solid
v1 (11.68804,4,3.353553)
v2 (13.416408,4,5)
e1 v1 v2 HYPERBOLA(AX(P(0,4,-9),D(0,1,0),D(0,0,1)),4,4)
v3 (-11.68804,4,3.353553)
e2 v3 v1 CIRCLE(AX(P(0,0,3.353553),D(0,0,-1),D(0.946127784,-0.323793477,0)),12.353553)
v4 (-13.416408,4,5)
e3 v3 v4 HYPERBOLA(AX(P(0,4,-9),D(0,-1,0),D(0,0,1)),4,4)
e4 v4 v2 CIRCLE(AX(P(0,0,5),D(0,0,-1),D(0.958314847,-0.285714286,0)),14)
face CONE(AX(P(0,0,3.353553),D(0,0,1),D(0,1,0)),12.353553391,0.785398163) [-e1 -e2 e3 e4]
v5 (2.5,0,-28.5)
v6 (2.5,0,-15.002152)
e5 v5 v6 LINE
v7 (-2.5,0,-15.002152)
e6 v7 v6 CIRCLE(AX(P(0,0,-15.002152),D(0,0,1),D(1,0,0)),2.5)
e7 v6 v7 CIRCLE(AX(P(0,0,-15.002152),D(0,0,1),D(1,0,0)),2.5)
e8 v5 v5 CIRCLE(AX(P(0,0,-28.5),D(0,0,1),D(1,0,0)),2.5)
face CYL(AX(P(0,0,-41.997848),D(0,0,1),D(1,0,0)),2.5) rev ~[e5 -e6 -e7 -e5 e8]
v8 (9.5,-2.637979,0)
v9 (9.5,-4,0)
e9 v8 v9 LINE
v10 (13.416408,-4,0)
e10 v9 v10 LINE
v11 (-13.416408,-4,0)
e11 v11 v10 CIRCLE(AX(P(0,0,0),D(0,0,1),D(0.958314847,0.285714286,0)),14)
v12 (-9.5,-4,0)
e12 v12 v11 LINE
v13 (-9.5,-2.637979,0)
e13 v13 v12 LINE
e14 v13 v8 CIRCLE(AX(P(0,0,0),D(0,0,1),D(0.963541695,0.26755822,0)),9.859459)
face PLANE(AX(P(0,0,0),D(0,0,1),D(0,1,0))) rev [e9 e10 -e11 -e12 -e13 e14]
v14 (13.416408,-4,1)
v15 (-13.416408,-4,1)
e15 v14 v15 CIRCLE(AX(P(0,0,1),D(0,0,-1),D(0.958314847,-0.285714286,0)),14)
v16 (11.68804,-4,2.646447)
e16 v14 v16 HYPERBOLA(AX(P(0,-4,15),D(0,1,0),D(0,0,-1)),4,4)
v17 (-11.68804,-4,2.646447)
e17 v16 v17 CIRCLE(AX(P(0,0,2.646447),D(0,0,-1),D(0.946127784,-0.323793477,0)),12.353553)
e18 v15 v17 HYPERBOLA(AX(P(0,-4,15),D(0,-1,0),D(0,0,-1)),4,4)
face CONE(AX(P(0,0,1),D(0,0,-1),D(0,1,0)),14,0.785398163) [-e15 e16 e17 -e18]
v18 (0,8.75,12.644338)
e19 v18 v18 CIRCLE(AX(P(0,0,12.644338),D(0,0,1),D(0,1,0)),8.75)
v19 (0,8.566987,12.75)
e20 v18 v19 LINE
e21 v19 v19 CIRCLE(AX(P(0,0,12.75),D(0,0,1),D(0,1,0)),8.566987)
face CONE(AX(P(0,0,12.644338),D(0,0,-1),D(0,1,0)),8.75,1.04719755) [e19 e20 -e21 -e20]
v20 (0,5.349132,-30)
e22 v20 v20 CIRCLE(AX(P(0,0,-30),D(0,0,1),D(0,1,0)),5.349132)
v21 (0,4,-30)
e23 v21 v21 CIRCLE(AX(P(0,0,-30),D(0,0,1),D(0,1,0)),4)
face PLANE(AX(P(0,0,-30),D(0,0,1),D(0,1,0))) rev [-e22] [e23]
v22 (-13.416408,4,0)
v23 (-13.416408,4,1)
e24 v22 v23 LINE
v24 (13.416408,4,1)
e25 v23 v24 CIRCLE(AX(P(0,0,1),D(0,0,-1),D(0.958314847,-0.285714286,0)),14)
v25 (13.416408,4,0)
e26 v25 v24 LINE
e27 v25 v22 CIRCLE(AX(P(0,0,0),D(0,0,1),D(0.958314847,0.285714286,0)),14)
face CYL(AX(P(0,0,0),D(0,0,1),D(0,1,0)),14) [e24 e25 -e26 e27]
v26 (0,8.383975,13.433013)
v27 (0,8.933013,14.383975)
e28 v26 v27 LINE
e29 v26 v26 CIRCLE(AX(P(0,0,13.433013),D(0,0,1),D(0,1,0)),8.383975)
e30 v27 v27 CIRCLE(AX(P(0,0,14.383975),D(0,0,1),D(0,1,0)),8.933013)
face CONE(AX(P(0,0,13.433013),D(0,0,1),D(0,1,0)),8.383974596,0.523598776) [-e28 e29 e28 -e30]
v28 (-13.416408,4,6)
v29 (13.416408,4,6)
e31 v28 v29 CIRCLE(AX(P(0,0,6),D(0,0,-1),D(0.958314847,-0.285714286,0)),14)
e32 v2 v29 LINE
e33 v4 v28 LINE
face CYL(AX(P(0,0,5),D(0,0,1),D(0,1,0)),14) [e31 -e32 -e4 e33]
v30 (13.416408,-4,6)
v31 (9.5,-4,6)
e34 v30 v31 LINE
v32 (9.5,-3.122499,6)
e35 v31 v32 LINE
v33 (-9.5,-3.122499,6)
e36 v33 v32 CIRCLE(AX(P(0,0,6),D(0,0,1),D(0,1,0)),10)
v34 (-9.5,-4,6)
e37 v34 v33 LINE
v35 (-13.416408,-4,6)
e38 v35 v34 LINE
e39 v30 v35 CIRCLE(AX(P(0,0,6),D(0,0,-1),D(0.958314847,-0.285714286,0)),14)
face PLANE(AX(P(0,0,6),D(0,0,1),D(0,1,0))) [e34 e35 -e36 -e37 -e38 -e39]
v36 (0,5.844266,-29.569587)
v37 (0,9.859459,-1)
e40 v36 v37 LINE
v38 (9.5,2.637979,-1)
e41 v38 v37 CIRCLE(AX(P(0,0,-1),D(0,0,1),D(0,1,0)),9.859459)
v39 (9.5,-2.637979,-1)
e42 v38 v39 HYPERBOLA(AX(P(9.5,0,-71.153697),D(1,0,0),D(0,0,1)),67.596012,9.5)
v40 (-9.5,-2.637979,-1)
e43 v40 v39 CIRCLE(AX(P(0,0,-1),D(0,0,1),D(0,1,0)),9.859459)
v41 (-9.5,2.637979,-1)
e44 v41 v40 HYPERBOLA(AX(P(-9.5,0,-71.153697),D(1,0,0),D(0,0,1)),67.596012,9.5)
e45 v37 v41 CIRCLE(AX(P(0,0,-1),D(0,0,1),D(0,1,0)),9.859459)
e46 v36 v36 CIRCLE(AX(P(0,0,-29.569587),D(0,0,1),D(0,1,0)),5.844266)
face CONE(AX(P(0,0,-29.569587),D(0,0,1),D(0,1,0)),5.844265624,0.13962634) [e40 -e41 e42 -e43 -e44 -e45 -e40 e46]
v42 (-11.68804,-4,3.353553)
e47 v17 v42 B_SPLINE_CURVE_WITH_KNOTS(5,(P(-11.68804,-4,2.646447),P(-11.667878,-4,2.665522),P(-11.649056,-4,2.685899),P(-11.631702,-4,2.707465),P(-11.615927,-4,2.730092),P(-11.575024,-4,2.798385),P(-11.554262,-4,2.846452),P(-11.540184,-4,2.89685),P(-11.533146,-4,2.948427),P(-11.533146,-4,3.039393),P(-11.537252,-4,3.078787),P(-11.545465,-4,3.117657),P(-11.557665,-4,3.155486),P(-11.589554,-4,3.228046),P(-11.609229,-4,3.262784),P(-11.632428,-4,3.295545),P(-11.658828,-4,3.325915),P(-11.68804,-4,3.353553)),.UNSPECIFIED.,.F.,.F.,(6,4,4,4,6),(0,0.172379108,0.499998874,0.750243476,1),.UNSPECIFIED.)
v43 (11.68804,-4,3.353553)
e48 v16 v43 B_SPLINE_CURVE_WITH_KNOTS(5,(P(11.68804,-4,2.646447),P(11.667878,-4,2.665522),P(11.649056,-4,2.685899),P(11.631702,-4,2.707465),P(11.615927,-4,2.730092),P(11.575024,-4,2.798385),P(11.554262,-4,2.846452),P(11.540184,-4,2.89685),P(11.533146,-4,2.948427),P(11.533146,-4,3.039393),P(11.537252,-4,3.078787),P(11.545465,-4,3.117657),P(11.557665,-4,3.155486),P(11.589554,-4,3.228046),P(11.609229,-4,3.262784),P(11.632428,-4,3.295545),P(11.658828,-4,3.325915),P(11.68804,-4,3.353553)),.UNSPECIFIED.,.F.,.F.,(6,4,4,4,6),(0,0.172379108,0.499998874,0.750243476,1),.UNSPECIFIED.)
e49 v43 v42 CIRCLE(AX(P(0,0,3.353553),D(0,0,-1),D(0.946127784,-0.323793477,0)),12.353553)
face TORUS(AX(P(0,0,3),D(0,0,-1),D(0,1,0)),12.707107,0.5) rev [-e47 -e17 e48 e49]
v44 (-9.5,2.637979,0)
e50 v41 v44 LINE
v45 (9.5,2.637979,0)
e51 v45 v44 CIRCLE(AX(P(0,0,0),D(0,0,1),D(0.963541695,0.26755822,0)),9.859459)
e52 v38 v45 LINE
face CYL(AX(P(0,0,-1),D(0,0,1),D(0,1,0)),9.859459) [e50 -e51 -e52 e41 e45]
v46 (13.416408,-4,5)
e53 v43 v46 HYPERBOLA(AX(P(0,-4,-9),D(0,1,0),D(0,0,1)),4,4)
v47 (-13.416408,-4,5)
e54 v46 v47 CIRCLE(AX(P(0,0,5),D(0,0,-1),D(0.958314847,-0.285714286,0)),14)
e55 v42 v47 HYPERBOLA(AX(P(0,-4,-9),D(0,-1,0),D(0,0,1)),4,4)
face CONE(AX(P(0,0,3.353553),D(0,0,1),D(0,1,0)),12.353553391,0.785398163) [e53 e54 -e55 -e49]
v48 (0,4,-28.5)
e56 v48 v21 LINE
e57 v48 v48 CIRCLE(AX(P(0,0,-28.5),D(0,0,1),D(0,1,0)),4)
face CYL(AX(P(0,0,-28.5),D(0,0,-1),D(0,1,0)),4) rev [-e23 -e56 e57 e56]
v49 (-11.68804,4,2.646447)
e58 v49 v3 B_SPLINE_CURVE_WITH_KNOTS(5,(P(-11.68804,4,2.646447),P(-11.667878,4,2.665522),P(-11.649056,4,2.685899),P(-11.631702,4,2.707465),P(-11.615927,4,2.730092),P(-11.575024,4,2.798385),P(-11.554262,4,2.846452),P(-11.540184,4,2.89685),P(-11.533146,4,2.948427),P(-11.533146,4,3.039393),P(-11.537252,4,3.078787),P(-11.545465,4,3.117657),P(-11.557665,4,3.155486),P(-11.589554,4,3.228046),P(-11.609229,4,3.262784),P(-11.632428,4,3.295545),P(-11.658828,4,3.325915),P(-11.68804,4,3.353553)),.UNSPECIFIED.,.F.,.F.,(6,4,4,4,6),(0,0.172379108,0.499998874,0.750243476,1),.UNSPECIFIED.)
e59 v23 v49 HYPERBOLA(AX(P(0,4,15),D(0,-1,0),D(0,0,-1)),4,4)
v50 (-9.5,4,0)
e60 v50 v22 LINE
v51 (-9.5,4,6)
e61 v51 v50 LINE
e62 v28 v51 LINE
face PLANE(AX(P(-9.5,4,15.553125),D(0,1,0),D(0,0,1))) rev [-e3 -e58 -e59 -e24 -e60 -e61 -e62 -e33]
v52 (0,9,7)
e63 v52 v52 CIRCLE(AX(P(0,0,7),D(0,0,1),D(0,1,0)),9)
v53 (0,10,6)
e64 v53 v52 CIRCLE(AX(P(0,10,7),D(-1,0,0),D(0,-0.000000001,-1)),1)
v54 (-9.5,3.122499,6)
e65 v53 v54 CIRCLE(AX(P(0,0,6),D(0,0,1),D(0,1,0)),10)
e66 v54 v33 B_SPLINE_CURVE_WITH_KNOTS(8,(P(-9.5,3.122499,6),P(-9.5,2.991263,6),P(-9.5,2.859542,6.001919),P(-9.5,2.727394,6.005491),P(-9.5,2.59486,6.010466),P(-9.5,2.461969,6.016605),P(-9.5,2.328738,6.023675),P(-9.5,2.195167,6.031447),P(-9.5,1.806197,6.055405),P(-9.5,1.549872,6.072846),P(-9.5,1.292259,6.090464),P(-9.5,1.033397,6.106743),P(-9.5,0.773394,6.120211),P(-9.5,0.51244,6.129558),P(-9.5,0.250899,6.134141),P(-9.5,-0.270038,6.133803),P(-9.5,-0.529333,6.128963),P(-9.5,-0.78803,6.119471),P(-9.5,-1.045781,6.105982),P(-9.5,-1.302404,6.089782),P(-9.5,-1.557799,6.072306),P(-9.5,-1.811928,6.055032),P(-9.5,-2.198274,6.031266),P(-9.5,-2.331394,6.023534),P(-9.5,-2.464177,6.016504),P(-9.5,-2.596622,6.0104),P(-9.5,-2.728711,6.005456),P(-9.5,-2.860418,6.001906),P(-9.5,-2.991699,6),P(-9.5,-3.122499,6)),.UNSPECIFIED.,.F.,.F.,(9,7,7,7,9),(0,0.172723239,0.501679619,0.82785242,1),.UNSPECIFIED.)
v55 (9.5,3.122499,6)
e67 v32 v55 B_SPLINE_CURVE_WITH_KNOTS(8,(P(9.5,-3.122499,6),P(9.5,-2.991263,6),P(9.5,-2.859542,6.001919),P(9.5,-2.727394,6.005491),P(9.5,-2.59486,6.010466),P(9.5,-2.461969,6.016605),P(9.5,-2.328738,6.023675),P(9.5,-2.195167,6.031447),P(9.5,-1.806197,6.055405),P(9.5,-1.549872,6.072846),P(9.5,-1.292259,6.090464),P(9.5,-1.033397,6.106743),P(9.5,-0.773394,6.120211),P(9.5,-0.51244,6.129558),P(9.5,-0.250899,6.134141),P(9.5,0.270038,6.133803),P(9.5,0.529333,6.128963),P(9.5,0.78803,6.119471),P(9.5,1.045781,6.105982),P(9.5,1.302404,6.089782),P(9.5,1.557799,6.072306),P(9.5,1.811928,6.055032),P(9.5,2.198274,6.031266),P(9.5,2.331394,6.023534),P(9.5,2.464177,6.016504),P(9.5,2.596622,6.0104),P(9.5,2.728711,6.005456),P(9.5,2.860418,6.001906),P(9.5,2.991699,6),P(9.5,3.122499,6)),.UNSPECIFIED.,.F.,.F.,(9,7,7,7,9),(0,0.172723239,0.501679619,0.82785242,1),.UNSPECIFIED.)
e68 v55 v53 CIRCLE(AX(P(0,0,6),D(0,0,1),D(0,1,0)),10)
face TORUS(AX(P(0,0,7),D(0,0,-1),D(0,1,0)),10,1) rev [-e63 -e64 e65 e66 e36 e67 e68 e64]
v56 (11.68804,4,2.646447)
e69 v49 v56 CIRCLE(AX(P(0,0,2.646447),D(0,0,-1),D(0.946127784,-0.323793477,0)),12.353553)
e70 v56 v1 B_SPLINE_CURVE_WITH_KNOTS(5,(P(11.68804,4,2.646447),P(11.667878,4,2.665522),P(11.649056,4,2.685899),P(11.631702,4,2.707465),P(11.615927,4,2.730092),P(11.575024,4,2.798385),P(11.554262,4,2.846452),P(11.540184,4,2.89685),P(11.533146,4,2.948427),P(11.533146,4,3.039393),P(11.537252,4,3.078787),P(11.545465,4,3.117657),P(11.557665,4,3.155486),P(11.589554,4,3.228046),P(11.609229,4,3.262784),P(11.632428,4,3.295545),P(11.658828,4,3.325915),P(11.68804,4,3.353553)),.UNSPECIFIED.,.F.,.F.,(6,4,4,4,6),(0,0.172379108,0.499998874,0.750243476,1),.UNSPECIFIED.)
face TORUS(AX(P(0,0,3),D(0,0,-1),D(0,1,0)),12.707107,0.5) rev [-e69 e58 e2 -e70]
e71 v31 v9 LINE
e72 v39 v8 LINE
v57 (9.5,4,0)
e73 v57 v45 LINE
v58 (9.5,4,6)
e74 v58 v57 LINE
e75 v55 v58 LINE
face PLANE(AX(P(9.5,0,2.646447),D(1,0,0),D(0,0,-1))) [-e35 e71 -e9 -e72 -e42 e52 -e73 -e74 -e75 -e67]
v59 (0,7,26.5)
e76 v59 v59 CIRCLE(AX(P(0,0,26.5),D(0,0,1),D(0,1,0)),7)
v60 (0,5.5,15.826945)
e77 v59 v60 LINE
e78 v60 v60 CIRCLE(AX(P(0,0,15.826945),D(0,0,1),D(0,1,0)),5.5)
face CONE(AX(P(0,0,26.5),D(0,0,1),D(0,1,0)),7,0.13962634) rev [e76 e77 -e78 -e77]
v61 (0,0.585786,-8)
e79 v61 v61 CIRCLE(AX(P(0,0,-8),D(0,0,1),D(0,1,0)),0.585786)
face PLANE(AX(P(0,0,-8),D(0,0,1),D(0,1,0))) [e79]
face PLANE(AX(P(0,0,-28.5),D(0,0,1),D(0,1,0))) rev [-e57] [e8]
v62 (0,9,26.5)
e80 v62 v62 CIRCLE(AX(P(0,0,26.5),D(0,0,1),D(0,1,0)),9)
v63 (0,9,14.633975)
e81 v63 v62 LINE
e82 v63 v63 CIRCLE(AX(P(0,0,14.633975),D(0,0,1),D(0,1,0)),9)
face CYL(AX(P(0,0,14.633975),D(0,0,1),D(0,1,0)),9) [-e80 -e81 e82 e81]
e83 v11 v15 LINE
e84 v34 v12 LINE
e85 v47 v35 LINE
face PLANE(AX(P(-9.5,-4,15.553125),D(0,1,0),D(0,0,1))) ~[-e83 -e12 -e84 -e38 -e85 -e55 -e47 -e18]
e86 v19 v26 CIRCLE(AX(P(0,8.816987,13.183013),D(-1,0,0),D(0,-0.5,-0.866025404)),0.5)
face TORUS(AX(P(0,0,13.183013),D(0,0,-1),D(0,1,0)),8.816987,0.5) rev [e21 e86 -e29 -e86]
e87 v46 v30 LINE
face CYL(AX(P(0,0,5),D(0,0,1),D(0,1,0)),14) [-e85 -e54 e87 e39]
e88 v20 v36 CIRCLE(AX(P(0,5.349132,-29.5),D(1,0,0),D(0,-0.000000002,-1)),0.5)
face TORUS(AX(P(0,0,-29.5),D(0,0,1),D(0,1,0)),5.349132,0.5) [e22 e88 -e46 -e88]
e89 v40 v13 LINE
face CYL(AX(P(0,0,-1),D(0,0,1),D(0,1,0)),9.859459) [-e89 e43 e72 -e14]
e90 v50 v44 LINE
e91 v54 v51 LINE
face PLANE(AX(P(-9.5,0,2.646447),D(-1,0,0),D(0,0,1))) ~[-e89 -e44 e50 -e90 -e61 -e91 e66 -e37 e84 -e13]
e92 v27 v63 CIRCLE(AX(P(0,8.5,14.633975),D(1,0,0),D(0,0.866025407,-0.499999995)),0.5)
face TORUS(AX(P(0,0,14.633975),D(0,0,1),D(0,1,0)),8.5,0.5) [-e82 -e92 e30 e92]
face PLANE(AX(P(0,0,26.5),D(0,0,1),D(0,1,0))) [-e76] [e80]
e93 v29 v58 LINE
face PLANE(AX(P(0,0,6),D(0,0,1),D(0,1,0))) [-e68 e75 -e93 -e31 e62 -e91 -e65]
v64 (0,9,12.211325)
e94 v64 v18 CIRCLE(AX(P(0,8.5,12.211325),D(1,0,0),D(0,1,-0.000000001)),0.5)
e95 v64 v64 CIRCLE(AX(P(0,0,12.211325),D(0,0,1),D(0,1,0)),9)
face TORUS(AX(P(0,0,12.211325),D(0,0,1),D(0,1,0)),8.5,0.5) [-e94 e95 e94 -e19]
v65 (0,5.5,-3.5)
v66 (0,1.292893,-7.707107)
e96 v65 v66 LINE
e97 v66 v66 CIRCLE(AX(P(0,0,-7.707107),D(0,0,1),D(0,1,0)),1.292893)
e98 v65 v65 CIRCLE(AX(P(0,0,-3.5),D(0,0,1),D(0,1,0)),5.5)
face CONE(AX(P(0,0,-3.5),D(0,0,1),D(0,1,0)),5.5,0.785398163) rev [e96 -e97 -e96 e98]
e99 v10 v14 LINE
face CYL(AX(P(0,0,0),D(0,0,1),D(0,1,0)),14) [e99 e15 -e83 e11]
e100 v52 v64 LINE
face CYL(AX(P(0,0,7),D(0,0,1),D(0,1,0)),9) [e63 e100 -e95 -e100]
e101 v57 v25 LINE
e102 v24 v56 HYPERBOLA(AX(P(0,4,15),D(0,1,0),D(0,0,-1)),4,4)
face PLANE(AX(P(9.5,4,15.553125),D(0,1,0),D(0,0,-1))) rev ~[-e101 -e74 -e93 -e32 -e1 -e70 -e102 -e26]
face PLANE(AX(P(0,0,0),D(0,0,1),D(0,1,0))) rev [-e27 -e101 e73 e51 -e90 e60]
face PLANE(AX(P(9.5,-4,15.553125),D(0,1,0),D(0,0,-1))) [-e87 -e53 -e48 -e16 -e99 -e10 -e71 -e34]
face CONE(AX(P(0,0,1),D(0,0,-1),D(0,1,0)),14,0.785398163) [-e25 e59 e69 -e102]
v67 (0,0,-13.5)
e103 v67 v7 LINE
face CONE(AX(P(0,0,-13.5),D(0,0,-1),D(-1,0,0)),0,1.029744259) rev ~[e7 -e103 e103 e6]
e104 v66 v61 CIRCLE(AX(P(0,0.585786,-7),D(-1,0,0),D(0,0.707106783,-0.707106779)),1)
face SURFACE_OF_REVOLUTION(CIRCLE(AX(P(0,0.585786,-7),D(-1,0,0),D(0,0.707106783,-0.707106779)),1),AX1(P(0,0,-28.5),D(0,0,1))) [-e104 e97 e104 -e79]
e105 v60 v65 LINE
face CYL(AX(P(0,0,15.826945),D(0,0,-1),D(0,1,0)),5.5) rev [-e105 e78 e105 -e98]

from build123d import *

# Parameters (mm, degrees)
M6_TAPPED_HOLE1_D     = 5
M6_TAPPED_HOLE1_DEPTH = 13.497848452
M6_TAPPED_HOLE1_TIP   = 1.502151548
SKETCH5_W             = 25.813357522
SKETCH5_H             = 8
CUT_EXTRUDE1_DEPTH    = 41.598645298


with BuildPart() as part:
    # Sketch1 → Revolve1 (revolve)
    with BuildSketch(Plane(origin=(0, 0, 0), x_dir=(0, 0, -1), z_dir=(1, 0, 0))):
        with BuildLine():
            Line((0, 10), (0, 14))
            Line((0, 14), (-1, 14))
            Line((-1, 14), (-2.646446609, 12.353553391))
            ThreePointArc((-2.646446609, 12.353553391), (-3, 12.207106781), (-3.353553391, 12.353553391))
            Line((-3.353553391, 12.353553391), (-5, 14))
            Line((-5, 14), (-6, 14))
            Line((-6, 14), (-6, 10))
            ThreePointArc((-6, 10), (-6.292893219, 9.292893219), (-7, 9))
            Line((-7, 9), (-12.211324865, 9))
            ThreePointArc((-12.211324865, 9), (-12.461324865, 8.933012702), (-12.644337567, 8.75))
            Line((-12.644337567, 8.75), (-12.75, 8.566987298))
            ThreePointArc((-12.75, 8.566987298), (-13.053603179, 8.334024385), (-13.433012702, 8.383974596))
            Line((-13.433012702, 8.383974596), (-14.383974596, 8.933012702))
            ThreePointArc((-14.383974596, 8.933012702), (-14.504565074, 8.982962913), (-14.633974596, 9))
            Line((-14.633974596, 9), (-26.5, 9))
            Line((-26.5, 9), (-26.5, 7))
            Line((-26.5, 7), (-15.826945416, 5.5))
            Line((-15.826945416, 5.5), (3.5, 5.5))
            Line((3.5, 5.5), (7.707106781, 1.292893219))
            ThreePointArc((7.707106781, 1.292893219), (7.923879533, 0.96846987), (8, 0.585786438))
            Line((8, 0.585786438), (8, 0))
            Line((8, 0), (9, 0))
            Line((9, 0), (28.5, 0))
            Line((28.5, 0), (28.5, 4))
            Line((28.5, 4), (30, 4))
            Line((30, 4), (30, 5.34913159))
            ThreePointArc((30, 5.34913159), (29.87735479, 5.677161105), (29.56958655, 5.844265624))
            Line((29.56958655, 5.844265624), (1, 9.859459165))
            Line((1, 9.859459165), (0, 9.859459165))
            Line((0, 9.859459165), (0, 10))
        make_face()
    revolve(axis=Axis((0, 0, -28.5), (0, 0, 1)))

    # M6 Tapped Hole1
    with Locations(Plane(origin=(0, 0, -28.5), x_dir=(-1, 0, 0), z_dir=(0, 0, -1))):
        with Locations((0, 0)):
            Hole(M6_TAPPED_HOLE1_D / 2, depth=M6_TAPPED_HOLE1_DEPTH)
            with Locations((0, 0, -(M6_TAPPED_HOLE1_DEPTH + M6_TAPPED_HOLE1_TIP / 2))):  # 118° drill point
                Cone(0, M6_TAPPED_HOLE1_D / 2, M6_TAPPED_HOLE1_TIP, mode=Mode.SUBTRACT)

    # Sketch5 → Cut-Extrude1 (cut, through all)
    with BuildSketch(Plane(origin=(9.5, 0, 0), x_dir=(0, 0, -1), z_dir=(1, 0, 0))):
        with Locations((-2.646446609, 0)):
            Rectangle(SKETCH5_W, SKETCH5_H)
    cut_extrude1 = extrude(amount=CUT_EXTRUDE1_DEPTH, mode=Mode.SUBTRACT)

    # Mirror1: Cut-Extrude1 across plane
    add(cut_extrude1.mirror(Plane(origin=(0, 0, 0), x_dir=(0, 0, 1), z_dir=(1, 0, 0))), mode=Mode.SUBTRACT)


solid = part.part
